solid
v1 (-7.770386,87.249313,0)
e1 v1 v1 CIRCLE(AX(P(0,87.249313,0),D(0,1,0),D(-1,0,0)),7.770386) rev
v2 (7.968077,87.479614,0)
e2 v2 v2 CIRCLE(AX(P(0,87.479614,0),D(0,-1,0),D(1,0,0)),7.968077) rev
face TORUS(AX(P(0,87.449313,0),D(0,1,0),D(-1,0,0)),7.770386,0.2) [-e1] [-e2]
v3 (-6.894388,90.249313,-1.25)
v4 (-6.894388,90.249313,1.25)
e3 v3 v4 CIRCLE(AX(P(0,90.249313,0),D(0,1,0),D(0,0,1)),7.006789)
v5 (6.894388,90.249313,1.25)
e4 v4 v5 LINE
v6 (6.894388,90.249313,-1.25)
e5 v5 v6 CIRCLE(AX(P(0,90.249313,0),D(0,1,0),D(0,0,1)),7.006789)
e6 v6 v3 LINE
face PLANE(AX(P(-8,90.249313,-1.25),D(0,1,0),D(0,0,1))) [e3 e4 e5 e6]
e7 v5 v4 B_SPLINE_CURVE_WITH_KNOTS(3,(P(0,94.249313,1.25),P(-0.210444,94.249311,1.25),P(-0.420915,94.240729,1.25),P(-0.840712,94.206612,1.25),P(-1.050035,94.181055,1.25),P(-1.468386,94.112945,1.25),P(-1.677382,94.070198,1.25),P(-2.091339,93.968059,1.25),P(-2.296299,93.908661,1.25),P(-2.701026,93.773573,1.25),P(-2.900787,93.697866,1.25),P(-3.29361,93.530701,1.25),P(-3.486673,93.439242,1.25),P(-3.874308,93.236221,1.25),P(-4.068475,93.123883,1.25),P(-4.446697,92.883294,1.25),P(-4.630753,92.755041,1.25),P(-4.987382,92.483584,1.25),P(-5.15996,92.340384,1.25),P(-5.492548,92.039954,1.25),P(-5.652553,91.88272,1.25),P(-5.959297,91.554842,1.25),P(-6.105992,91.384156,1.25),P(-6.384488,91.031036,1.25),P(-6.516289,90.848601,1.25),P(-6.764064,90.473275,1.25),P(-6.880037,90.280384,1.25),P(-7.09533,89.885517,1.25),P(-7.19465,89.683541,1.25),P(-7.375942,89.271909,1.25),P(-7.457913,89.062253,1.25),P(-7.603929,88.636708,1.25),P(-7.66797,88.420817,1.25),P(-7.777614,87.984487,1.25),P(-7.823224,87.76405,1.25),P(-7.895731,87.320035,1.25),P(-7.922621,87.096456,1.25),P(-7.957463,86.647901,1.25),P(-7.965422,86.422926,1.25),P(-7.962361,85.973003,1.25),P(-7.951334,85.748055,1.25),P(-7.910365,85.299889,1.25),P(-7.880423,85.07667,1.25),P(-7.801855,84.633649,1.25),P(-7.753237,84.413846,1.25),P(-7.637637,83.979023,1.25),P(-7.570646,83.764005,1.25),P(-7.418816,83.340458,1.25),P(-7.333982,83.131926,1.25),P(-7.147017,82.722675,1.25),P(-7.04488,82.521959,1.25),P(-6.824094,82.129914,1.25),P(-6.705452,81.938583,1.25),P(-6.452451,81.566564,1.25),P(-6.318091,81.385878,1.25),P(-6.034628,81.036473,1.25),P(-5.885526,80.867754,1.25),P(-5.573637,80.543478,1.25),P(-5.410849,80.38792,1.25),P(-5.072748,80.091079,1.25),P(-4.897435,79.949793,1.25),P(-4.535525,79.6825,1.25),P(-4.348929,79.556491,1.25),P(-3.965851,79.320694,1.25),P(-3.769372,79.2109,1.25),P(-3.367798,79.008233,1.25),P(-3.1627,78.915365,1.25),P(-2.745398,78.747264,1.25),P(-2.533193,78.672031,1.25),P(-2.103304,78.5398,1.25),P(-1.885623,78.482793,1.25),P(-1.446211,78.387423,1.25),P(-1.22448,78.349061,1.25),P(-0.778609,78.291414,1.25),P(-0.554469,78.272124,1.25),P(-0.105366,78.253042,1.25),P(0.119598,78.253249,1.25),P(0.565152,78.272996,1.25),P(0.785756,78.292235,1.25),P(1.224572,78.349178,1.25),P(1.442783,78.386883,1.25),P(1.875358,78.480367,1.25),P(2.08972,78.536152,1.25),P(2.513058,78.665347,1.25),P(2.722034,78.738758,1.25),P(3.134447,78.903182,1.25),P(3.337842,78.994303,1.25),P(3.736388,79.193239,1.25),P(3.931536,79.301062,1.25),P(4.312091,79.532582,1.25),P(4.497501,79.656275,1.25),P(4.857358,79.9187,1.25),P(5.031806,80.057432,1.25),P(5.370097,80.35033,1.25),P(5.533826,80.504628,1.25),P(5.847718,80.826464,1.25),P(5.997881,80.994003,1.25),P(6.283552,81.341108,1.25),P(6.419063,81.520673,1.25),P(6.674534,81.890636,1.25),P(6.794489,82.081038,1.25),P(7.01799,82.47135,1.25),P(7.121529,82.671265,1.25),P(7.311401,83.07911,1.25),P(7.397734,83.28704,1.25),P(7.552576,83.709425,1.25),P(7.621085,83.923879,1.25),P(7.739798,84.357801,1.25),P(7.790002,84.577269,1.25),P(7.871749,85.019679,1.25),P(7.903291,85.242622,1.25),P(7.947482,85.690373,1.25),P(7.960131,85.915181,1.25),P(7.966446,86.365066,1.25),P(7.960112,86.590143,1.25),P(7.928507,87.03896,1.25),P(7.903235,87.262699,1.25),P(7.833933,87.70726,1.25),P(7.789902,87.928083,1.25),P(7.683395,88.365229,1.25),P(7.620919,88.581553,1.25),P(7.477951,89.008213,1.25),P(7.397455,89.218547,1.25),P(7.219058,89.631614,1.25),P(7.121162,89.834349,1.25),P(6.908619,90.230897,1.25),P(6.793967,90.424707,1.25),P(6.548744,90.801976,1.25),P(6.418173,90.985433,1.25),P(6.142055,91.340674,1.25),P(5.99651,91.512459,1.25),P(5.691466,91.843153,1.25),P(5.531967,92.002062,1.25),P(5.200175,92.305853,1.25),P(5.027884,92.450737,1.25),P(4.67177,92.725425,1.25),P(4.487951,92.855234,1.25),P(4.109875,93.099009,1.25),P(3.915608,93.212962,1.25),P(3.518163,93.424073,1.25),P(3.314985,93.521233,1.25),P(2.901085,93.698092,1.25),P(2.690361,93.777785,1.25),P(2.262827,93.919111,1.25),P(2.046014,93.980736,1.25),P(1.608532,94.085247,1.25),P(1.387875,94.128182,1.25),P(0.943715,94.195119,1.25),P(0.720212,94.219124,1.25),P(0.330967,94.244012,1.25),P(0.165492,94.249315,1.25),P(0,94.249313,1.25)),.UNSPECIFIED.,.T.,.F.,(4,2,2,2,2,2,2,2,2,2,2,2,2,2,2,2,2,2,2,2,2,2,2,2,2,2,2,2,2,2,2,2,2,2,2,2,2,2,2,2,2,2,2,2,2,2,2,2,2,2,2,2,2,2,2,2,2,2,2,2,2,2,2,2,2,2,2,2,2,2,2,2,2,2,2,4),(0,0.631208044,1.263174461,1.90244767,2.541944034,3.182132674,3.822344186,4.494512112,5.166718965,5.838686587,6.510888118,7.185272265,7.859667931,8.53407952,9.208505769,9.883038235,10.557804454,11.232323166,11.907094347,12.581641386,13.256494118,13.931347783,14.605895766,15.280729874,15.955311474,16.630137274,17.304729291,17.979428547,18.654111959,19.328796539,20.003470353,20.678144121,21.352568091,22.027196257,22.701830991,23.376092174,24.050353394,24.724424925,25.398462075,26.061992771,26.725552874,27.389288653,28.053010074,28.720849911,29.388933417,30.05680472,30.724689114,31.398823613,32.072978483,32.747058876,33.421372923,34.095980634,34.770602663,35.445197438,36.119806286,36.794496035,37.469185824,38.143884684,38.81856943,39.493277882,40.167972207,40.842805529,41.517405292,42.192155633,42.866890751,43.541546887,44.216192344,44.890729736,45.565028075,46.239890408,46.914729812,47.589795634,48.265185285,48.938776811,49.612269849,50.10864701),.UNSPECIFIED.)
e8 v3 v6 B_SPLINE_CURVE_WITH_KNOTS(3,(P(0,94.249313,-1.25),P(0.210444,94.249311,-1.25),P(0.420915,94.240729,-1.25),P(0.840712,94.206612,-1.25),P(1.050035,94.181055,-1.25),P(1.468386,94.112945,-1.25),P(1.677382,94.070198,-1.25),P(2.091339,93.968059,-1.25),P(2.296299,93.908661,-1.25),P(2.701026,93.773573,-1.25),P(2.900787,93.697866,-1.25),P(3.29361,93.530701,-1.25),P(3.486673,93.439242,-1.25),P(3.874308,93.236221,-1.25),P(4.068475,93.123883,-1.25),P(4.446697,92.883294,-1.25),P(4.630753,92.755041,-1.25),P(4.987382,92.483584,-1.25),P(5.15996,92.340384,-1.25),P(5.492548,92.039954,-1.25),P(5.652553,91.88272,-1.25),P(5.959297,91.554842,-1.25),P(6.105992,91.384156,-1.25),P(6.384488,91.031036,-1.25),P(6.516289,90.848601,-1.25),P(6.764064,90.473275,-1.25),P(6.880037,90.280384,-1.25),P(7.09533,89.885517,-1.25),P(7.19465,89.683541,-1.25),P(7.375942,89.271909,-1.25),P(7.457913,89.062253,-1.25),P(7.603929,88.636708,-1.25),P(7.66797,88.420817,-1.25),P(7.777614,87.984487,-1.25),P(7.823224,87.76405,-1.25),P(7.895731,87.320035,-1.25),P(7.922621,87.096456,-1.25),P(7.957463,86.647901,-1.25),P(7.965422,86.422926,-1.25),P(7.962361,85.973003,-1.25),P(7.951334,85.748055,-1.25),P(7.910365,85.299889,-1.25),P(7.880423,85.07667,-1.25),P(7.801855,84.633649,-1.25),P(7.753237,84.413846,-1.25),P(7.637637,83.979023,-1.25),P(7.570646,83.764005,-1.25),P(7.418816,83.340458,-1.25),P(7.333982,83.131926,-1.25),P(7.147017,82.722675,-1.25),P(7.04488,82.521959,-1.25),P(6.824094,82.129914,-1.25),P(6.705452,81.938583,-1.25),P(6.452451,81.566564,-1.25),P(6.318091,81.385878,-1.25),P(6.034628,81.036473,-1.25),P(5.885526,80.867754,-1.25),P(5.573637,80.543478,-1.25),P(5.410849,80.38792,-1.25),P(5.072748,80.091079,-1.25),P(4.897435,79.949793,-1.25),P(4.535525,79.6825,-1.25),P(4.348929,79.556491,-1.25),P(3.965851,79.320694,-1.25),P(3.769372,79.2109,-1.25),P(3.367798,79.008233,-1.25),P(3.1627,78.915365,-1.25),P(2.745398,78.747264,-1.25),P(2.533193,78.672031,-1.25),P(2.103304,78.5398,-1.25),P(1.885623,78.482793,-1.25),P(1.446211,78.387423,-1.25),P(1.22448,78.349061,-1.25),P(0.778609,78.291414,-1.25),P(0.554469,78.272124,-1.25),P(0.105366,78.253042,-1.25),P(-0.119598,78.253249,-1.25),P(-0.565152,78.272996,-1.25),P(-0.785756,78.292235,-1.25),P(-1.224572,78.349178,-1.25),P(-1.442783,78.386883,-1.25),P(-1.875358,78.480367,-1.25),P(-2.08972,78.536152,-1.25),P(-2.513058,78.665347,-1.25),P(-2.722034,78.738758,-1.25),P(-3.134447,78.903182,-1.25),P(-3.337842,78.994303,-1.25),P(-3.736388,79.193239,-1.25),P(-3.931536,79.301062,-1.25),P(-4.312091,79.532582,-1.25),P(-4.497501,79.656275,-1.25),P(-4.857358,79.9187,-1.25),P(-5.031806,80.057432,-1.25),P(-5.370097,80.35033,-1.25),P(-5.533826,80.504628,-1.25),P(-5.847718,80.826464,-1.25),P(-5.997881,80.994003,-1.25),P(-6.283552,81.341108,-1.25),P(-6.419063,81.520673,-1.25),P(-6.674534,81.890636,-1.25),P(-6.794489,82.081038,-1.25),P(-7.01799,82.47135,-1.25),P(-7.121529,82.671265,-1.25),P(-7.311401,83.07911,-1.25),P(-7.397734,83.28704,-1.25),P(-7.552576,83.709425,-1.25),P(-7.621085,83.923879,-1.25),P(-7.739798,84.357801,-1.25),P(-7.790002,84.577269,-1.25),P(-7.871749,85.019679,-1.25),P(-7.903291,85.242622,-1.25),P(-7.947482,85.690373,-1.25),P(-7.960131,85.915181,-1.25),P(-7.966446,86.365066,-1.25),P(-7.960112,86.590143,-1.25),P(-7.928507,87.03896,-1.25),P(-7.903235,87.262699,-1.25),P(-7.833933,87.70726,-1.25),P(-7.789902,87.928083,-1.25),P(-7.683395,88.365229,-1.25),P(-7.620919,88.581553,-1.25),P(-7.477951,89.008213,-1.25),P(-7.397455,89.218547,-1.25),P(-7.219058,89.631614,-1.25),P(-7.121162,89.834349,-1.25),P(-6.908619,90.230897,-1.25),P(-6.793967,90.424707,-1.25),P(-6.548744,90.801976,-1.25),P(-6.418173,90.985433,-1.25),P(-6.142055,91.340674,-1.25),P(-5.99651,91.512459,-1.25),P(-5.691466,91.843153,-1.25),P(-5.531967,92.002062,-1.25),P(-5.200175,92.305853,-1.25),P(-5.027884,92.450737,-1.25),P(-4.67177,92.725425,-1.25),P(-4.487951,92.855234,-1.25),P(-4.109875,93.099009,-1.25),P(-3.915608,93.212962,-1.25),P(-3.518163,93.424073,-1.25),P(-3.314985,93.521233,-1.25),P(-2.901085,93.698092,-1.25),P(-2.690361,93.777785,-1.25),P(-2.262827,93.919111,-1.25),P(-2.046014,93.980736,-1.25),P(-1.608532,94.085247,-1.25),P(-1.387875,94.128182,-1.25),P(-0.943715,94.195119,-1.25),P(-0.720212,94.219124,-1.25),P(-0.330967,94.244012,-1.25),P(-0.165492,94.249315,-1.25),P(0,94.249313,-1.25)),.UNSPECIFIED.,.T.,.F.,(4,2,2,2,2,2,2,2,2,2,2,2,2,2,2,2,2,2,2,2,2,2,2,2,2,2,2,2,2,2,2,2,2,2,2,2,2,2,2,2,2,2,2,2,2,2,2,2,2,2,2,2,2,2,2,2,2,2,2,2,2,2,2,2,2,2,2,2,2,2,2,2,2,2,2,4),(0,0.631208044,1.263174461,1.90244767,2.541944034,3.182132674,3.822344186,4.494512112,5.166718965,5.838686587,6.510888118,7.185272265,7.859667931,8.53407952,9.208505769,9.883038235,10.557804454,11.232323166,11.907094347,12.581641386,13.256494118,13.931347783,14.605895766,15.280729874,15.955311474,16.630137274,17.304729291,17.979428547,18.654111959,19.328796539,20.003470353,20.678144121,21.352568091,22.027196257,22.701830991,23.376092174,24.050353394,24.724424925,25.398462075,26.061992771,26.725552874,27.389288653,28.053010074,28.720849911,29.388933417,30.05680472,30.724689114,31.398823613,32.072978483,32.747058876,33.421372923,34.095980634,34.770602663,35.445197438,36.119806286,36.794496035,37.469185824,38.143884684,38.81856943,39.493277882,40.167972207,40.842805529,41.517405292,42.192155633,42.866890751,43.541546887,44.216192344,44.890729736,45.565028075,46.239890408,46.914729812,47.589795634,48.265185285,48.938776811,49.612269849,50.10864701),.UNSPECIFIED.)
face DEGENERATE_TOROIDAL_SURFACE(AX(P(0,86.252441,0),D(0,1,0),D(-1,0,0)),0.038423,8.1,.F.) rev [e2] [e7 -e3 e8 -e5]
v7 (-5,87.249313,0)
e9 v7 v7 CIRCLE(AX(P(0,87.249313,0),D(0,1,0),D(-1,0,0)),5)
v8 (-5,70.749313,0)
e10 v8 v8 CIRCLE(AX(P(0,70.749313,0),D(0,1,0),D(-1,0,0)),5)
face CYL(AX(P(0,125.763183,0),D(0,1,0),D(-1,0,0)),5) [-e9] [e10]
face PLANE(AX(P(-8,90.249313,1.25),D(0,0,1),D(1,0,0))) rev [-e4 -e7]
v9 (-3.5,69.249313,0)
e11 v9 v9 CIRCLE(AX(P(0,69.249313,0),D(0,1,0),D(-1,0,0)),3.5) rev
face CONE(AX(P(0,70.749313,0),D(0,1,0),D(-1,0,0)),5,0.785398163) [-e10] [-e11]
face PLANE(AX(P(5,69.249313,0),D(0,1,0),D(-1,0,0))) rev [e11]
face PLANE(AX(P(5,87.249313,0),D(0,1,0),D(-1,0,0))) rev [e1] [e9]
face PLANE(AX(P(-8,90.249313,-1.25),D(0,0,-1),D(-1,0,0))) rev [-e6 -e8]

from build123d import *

# Parameters (mm, degrees)
SKETCH_13_W         = 16
SKETCH_13_H         = 2.5
CUT_EXTRUDE_9_DEPTH = 4
FILLET_1_R          = 0.2
CHAMFER_1_SIZE      = 1.5


with BuildPart() as part:
    # Эскиз1 → Повернуть1 (revolve)
    with BuildSketch(Plane.XY):
        with BuildLine():
            Line((5, 87.24931314), (8, 87.24931314))
            ThreePointArc((8, 87.24931314), (5.792315708, 91.874939001), (1.25, 94.24931314))
            Line((1.25, 94.24931314), (0, 94.24931314))
            Line((0, 94.24931314), (0, 69.24931314))
            Line((0, 69.24931314), (5, 69.24931314))
            Line((5, 69.24931314), (5, 87.24931314))
        make_face()
    revolve(axis=Axis((0, 125.763182898, 0), (0, -1, 0)))

    # Эскиз13 → Вырез-Вытянуть9 (cut)
    with BuildSketch(Plane(origin=(0, 94.24931314, 0), x_dir=(-1, 0, 0), z_dir=(0, 1, 0))):
        Rectangle(SKETCH_13_W, SKETCH_13_H)
    extrude(amount=-CUT_EXTRUDE_9_DEPTH, mode=Mode.SUBTRACT)

    # Скругление1
    fillet_1_edges = [part.edges().sort_by_distance(p)[0] for p in [
        (-8, 87.24931314, 0),
    ]]
    fillet(fillet_1_edges, radius=FILLET_1_R)

    # Фаска1
    chamfer_1_edges = [part.edges().sort_by_distance(p)[0] for p in [
        (-5, 69.24931314, 0),
    ]]
    chamfer(chamfer_1_edges, length=CHAMFER_1_SIZE)


solid = part.part
